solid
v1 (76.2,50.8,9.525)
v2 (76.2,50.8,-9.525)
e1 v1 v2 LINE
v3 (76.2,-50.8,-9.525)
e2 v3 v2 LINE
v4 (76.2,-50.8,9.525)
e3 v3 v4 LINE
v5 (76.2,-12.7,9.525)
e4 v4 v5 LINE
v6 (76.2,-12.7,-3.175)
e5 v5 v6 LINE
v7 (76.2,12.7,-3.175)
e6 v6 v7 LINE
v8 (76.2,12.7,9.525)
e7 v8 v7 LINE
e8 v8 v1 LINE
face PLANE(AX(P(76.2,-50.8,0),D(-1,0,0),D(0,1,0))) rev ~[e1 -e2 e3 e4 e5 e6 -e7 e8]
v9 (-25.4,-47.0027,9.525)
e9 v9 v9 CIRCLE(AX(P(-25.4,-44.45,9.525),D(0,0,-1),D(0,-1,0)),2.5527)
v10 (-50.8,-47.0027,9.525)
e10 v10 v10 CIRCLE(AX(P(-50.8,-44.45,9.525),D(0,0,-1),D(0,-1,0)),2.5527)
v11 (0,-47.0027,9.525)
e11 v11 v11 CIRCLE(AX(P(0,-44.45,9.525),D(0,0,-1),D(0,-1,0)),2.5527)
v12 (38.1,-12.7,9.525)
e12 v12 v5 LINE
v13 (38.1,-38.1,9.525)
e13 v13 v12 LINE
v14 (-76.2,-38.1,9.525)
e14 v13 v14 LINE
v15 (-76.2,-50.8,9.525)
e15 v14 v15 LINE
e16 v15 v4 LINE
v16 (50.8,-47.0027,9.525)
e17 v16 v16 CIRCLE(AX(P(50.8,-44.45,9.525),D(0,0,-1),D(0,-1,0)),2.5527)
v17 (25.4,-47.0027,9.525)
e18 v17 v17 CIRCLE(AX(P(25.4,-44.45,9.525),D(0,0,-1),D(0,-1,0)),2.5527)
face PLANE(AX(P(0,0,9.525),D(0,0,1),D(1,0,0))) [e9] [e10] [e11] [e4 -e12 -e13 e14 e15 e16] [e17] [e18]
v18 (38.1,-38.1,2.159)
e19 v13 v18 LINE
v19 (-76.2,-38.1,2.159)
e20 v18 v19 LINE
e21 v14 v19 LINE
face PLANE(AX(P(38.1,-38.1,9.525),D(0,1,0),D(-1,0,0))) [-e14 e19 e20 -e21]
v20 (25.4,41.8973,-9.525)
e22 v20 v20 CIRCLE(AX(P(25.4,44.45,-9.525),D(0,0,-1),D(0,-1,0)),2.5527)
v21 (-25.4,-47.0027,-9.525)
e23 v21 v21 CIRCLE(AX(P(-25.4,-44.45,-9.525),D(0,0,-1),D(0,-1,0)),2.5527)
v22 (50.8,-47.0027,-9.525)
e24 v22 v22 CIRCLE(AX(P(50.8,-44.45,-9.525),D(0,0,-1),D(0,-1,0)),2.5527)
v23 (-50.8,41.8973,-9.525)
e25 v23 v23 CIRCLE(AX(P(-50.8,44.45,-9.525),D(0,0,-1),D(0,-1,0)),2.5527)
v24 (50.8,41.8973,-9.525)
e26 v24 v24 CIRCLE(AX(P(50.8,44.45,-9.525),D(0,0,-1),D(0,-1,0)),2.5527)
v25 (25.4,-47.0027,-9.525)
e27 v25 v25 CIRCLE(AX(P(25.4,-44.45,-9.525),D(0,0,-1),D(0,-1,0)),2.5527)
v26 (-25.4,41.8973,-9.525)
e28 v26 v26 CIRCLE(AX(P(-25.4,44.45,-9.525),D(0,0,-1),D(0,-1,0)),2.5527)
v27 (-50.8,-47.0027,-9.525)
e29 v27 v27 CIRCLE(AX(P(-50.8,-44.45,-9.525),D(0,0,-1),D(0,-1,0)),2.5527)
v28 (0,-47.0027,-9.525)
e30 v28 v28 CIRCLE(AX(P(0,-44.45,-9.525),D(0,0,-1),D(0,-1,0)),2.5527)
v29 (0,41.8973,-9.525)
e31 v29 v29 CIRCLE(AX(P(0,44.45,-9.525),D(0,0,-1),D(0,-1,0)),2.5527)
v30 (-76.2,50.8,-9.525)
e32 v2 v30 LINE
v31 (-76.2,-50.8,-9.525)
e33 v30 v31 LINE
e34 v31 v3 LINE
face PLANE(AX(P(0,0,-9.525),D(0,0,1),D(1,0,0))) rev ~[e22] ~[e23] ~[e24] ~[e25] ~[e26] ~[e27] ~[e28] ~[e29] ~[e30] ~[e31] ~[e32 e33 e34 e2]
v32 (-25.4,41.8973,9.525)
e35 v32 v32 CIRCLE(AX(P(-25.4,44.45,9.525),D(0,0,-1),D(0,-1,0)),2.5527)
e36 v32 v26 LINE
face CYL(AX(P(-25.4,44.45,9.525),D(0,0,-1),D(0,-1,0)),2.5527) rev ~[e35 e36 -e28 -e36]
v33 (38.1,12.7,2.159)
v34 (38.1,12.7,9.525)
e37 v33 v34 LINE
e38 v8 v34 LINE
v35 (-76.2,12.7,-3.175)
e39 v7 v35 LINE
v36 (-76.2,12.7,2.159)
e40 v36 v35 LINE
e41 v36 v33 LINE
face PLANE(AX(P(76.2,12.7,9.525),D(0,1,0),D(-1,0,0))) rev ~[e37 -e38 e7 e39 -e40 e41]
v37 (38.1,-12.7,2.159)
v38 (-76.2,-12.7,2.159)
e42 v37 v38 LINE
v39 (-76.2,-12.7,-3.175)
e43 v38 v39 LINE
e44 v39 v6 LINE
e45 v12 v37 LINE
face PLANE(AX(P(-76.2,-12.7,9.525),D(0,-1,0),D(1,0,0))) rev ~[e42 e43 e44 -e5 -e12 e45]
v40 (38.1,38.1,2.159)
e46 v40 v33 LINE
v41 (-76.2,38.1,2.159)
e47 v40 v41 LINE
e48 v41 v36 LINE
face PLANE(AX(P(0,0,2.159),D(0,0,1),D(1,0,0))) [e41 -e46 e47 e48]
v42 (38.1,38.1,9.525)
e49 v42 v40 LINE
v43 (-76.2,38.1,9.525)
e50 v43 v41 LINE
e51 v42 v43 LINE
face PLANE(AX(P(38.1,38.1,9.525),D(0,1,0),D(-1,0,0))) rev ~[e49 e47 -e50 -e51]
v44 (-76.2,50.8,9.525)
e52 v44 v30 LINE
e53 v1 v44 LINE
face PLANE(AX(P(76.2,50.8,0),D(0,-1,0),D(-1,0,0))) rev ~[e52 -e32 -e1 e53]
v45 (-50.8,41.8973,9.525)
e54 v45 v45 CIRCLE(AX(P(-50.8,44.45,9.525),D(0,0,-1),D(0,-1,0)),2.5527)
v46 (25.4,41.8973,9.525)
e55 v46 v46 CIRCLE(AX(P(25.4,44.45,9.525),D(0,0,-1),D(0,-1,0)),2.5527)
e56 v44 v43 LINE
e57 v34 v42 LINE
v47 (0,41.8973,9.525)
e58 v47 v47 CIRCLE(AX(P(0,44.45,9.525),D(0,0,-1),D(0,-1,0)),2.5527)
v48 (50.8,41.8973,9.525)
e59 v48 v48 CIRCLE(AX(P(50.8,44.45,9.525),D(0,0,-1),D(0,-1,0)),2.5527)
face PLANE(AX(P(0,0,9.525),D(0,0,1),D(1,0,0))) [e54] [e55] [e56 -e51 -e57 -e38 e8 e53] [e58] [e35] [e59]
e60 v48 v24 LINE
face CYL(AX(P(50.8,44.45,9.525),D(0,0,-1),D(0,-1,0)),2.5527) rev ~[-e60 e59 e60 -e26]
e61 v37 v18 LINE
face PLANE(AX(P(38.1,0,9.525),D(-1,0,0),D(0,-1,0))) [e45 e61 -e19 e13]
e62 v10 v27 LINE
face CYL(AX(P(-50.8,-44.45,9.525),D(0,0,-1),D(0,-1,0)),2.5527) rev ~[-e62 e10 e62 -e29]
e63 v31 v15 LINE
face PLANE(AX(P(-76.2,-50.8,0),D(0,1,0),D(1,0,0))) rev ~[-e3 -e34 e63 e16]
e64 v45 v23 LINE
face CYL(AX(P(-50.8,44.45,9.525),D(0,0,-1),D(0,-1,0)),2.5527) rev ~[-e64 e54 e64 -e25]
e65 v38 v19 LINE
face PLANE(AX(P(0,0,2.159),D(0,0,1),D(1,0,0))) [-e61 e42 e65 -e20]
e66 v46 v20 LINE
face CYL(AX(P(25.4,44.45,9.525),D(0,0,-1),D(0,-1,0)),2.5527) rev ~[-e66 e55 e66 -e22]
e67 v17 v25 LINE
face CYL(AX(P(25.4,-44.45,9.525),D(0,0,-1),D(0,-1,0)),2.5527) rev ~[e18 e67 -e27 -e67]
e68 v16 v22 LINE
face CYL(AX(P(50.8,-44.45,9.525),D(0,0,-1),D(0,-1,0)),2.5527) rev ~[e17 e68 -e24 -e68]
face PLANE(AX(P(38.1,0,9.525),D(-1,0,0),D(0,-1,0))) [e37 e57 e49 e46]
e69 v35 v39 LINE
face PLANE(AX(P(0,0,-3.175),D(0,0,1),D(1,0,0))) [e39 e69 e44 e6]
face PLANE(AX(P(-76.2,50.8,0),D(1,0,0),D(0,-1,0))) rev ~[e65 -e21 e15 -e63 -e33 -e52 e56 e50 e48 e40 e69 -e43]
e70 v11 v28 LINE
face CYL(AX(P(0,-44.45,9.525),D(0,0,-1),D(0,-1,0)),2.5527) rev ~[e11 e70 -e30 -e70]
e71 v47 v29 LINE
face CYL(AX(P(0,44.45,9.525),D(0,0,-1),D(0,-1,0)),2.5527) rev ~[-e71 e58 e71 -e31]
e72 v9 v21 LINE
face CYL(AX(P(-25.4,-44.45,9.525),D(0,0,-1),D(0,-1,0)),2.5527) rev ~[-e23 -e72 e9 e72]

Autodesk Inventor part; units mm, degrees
ref_plane "YZ Plane" through (0, 0, 0) normal (1, 0, 0) x (0, 1, 0)
ref_plane "XZ Plane" through (0, 0, 0) normal (0, 1, 0) x (-1, 0, 0)
sketch "Sketch1" plane through (0, 0, 0) normal (0, 0, 1) x (1, 0, 0)
  line L0 (-76.2, -50.8) -> (76.2, -50.8)
  line L1 (76.2, -50.8) -> (76.2, 50.8)
  line L2 (76.2, 50.8) -> (-76.2, 50.8)
  line L3 (-76.2, 50.8) -> (-76.2, -50.8)
  line L4 (-76.2, -50.8) -> (76.2, 50.8) construction
  line L5 (76.2, -50.8) -> (-76.2, 50.8) construction
  point P0 (0, 0)
  dimension "d0" = 152.4
  dimension "d1" = 101.6
extrude "Extrusion1" add sketch "Sketch1" along normal mid plane 19.05
sketch "Sketch3" plane through (0, 0, 9.525) normal (0, 0, 1) x (1, 0, 0)
  line L0 (-76.2, -12.7) -> (76.2, -12.7)
  line L1 (76.2, -12.7) -> (76.2, 12.7)
  line L2 (76.2, 12.7) -> (-76.2, 12.7)
  line L3 (-76.2, 12.7) -> (-76.2, -12.7)
  line L4 (-76.2, -12.7) -> (76.2, 12.7) construction
  line L5 (76.2, -12.7) -> (-76.2, 12.7) construction
  point P0 (0, 0)
  dimension "d7" = 25.4
  dimension "d19" = 152.4
extrude "Extrusion3" cut sketch "Sketch3" against normal blind 12.7
ref_plane "Work Plane1" through (-76.2, 50.8, 9.525) normal (0, 0, 1) x (1, 0, 0)
sketch "Sketch8" plane through (0, 0, 9.525) normal (0, 0, 1) x (1, 0, 0)
  line L0 (-76.2, -12.7) -> (-76.2, 12.7) projected
  line L1 (-76.2, 0) -> (38.1, 0)
  line L2 (38.1, 0) -> (38.1, 38.1)
  line L3 (38.1, 38.1) -> (-76.2, 38.1)
  line L4 (-76.2, 38.1) -> (-76.2, 0)
  line L5 (38.1, 0) -> (38.1, -38.1)
  line L6 (38.1, -38.1) -> (-76.2, -38.1)
  line L7 (-76.2, -38.1) -> (-76.2, 0)
  point P0 (0, 0)
  dimension "d51" = 114.3
  dimension "d52" = 38.1
extrude "Extrusion6" cut sketch "Sketch8" against normal blind 7.366
sketch "Sketch9" plane through (0, 0, 9.525) normal (0, 0, 1) x (1, 0, 0)
  line L0 (-76.2, 50.8) -> (-76.2, 38.1) construction
  line L1 (-76.2, 44.45) -> (76.2, 44.45) construction
  line L2 (76.2, 50.8) -> (76.2, -50.8) construction
  line L3 (-76.2, 44.45) -> (-76.2, -44.4609) construction
  point P0 (0, 0)
  point P1 (-50.8, 44.45)
  point P2 (-25.4, 44.45)
  point P3 (0, 44.45)
  point P4 (25.4, 44.45)
  point P5 (50.8, 44.45)
  point P6 (-50.8, -44.45)
  point P7 (-25.4, -44.45)
  point P8 (0, -44.45)
  point P9 (25.4, -44.45)
  point P10 (50.8, -44.45)
  point P11 (-50.8, -133.35)
  point P12 (-25.4, -133.35)
  point P13 (0, -133.35)
  point P14 (25.4, -133.35)
  point P15 (50.8, -133.35)
  point P16 (-50.8, -222.25)
  point P17 (-25.4, -222.25)
  point P18 (0, -222.25)
  point P19 (25.4, -222.25)
  point P20 (50.8, -222.25)
  dimension "d55" = 25.4
  dimension "d58" = 25.4
  dimension "d61" = 88.9
hole "Hole2" at (-50.8, 44.45, 9.525) at (-25.4, 44.45, 9.525) at (0, 44.45, 9.525) at (25.4, 44.45, 9.525) at (50.8, 44.45, 9.525) at (-50.8, -44.45, 9.525) at (-25.4, -44.45, 9.525) at (0, -44.45, 9.525) at (25.4, -44.45, 9.525) at (50.8, -44.45, 9.525) at (-50.8, -133.35, 9.525) at (-25.4, -133.35, 9.525) at (0, -133.35, 9.525) at (25.4, -133.35, 9.525) at (50.8, -133.35, 9.525) at (-50.8, -222.25, 9.525) at (-25.4, -222.25, 9.525) at (0, -222.25, 9.525) at (25.4, -222.25, 9.525) at (50.8, -222.25, 9.525) direction (0, 0, -1) diameter 5.1054 end through all clearance for "Flat Head Machine Screw (82)" size "#10" standard "Ansi Unified Screw Threads"
properties part number "pistonHousing" material "PET Plastic"
